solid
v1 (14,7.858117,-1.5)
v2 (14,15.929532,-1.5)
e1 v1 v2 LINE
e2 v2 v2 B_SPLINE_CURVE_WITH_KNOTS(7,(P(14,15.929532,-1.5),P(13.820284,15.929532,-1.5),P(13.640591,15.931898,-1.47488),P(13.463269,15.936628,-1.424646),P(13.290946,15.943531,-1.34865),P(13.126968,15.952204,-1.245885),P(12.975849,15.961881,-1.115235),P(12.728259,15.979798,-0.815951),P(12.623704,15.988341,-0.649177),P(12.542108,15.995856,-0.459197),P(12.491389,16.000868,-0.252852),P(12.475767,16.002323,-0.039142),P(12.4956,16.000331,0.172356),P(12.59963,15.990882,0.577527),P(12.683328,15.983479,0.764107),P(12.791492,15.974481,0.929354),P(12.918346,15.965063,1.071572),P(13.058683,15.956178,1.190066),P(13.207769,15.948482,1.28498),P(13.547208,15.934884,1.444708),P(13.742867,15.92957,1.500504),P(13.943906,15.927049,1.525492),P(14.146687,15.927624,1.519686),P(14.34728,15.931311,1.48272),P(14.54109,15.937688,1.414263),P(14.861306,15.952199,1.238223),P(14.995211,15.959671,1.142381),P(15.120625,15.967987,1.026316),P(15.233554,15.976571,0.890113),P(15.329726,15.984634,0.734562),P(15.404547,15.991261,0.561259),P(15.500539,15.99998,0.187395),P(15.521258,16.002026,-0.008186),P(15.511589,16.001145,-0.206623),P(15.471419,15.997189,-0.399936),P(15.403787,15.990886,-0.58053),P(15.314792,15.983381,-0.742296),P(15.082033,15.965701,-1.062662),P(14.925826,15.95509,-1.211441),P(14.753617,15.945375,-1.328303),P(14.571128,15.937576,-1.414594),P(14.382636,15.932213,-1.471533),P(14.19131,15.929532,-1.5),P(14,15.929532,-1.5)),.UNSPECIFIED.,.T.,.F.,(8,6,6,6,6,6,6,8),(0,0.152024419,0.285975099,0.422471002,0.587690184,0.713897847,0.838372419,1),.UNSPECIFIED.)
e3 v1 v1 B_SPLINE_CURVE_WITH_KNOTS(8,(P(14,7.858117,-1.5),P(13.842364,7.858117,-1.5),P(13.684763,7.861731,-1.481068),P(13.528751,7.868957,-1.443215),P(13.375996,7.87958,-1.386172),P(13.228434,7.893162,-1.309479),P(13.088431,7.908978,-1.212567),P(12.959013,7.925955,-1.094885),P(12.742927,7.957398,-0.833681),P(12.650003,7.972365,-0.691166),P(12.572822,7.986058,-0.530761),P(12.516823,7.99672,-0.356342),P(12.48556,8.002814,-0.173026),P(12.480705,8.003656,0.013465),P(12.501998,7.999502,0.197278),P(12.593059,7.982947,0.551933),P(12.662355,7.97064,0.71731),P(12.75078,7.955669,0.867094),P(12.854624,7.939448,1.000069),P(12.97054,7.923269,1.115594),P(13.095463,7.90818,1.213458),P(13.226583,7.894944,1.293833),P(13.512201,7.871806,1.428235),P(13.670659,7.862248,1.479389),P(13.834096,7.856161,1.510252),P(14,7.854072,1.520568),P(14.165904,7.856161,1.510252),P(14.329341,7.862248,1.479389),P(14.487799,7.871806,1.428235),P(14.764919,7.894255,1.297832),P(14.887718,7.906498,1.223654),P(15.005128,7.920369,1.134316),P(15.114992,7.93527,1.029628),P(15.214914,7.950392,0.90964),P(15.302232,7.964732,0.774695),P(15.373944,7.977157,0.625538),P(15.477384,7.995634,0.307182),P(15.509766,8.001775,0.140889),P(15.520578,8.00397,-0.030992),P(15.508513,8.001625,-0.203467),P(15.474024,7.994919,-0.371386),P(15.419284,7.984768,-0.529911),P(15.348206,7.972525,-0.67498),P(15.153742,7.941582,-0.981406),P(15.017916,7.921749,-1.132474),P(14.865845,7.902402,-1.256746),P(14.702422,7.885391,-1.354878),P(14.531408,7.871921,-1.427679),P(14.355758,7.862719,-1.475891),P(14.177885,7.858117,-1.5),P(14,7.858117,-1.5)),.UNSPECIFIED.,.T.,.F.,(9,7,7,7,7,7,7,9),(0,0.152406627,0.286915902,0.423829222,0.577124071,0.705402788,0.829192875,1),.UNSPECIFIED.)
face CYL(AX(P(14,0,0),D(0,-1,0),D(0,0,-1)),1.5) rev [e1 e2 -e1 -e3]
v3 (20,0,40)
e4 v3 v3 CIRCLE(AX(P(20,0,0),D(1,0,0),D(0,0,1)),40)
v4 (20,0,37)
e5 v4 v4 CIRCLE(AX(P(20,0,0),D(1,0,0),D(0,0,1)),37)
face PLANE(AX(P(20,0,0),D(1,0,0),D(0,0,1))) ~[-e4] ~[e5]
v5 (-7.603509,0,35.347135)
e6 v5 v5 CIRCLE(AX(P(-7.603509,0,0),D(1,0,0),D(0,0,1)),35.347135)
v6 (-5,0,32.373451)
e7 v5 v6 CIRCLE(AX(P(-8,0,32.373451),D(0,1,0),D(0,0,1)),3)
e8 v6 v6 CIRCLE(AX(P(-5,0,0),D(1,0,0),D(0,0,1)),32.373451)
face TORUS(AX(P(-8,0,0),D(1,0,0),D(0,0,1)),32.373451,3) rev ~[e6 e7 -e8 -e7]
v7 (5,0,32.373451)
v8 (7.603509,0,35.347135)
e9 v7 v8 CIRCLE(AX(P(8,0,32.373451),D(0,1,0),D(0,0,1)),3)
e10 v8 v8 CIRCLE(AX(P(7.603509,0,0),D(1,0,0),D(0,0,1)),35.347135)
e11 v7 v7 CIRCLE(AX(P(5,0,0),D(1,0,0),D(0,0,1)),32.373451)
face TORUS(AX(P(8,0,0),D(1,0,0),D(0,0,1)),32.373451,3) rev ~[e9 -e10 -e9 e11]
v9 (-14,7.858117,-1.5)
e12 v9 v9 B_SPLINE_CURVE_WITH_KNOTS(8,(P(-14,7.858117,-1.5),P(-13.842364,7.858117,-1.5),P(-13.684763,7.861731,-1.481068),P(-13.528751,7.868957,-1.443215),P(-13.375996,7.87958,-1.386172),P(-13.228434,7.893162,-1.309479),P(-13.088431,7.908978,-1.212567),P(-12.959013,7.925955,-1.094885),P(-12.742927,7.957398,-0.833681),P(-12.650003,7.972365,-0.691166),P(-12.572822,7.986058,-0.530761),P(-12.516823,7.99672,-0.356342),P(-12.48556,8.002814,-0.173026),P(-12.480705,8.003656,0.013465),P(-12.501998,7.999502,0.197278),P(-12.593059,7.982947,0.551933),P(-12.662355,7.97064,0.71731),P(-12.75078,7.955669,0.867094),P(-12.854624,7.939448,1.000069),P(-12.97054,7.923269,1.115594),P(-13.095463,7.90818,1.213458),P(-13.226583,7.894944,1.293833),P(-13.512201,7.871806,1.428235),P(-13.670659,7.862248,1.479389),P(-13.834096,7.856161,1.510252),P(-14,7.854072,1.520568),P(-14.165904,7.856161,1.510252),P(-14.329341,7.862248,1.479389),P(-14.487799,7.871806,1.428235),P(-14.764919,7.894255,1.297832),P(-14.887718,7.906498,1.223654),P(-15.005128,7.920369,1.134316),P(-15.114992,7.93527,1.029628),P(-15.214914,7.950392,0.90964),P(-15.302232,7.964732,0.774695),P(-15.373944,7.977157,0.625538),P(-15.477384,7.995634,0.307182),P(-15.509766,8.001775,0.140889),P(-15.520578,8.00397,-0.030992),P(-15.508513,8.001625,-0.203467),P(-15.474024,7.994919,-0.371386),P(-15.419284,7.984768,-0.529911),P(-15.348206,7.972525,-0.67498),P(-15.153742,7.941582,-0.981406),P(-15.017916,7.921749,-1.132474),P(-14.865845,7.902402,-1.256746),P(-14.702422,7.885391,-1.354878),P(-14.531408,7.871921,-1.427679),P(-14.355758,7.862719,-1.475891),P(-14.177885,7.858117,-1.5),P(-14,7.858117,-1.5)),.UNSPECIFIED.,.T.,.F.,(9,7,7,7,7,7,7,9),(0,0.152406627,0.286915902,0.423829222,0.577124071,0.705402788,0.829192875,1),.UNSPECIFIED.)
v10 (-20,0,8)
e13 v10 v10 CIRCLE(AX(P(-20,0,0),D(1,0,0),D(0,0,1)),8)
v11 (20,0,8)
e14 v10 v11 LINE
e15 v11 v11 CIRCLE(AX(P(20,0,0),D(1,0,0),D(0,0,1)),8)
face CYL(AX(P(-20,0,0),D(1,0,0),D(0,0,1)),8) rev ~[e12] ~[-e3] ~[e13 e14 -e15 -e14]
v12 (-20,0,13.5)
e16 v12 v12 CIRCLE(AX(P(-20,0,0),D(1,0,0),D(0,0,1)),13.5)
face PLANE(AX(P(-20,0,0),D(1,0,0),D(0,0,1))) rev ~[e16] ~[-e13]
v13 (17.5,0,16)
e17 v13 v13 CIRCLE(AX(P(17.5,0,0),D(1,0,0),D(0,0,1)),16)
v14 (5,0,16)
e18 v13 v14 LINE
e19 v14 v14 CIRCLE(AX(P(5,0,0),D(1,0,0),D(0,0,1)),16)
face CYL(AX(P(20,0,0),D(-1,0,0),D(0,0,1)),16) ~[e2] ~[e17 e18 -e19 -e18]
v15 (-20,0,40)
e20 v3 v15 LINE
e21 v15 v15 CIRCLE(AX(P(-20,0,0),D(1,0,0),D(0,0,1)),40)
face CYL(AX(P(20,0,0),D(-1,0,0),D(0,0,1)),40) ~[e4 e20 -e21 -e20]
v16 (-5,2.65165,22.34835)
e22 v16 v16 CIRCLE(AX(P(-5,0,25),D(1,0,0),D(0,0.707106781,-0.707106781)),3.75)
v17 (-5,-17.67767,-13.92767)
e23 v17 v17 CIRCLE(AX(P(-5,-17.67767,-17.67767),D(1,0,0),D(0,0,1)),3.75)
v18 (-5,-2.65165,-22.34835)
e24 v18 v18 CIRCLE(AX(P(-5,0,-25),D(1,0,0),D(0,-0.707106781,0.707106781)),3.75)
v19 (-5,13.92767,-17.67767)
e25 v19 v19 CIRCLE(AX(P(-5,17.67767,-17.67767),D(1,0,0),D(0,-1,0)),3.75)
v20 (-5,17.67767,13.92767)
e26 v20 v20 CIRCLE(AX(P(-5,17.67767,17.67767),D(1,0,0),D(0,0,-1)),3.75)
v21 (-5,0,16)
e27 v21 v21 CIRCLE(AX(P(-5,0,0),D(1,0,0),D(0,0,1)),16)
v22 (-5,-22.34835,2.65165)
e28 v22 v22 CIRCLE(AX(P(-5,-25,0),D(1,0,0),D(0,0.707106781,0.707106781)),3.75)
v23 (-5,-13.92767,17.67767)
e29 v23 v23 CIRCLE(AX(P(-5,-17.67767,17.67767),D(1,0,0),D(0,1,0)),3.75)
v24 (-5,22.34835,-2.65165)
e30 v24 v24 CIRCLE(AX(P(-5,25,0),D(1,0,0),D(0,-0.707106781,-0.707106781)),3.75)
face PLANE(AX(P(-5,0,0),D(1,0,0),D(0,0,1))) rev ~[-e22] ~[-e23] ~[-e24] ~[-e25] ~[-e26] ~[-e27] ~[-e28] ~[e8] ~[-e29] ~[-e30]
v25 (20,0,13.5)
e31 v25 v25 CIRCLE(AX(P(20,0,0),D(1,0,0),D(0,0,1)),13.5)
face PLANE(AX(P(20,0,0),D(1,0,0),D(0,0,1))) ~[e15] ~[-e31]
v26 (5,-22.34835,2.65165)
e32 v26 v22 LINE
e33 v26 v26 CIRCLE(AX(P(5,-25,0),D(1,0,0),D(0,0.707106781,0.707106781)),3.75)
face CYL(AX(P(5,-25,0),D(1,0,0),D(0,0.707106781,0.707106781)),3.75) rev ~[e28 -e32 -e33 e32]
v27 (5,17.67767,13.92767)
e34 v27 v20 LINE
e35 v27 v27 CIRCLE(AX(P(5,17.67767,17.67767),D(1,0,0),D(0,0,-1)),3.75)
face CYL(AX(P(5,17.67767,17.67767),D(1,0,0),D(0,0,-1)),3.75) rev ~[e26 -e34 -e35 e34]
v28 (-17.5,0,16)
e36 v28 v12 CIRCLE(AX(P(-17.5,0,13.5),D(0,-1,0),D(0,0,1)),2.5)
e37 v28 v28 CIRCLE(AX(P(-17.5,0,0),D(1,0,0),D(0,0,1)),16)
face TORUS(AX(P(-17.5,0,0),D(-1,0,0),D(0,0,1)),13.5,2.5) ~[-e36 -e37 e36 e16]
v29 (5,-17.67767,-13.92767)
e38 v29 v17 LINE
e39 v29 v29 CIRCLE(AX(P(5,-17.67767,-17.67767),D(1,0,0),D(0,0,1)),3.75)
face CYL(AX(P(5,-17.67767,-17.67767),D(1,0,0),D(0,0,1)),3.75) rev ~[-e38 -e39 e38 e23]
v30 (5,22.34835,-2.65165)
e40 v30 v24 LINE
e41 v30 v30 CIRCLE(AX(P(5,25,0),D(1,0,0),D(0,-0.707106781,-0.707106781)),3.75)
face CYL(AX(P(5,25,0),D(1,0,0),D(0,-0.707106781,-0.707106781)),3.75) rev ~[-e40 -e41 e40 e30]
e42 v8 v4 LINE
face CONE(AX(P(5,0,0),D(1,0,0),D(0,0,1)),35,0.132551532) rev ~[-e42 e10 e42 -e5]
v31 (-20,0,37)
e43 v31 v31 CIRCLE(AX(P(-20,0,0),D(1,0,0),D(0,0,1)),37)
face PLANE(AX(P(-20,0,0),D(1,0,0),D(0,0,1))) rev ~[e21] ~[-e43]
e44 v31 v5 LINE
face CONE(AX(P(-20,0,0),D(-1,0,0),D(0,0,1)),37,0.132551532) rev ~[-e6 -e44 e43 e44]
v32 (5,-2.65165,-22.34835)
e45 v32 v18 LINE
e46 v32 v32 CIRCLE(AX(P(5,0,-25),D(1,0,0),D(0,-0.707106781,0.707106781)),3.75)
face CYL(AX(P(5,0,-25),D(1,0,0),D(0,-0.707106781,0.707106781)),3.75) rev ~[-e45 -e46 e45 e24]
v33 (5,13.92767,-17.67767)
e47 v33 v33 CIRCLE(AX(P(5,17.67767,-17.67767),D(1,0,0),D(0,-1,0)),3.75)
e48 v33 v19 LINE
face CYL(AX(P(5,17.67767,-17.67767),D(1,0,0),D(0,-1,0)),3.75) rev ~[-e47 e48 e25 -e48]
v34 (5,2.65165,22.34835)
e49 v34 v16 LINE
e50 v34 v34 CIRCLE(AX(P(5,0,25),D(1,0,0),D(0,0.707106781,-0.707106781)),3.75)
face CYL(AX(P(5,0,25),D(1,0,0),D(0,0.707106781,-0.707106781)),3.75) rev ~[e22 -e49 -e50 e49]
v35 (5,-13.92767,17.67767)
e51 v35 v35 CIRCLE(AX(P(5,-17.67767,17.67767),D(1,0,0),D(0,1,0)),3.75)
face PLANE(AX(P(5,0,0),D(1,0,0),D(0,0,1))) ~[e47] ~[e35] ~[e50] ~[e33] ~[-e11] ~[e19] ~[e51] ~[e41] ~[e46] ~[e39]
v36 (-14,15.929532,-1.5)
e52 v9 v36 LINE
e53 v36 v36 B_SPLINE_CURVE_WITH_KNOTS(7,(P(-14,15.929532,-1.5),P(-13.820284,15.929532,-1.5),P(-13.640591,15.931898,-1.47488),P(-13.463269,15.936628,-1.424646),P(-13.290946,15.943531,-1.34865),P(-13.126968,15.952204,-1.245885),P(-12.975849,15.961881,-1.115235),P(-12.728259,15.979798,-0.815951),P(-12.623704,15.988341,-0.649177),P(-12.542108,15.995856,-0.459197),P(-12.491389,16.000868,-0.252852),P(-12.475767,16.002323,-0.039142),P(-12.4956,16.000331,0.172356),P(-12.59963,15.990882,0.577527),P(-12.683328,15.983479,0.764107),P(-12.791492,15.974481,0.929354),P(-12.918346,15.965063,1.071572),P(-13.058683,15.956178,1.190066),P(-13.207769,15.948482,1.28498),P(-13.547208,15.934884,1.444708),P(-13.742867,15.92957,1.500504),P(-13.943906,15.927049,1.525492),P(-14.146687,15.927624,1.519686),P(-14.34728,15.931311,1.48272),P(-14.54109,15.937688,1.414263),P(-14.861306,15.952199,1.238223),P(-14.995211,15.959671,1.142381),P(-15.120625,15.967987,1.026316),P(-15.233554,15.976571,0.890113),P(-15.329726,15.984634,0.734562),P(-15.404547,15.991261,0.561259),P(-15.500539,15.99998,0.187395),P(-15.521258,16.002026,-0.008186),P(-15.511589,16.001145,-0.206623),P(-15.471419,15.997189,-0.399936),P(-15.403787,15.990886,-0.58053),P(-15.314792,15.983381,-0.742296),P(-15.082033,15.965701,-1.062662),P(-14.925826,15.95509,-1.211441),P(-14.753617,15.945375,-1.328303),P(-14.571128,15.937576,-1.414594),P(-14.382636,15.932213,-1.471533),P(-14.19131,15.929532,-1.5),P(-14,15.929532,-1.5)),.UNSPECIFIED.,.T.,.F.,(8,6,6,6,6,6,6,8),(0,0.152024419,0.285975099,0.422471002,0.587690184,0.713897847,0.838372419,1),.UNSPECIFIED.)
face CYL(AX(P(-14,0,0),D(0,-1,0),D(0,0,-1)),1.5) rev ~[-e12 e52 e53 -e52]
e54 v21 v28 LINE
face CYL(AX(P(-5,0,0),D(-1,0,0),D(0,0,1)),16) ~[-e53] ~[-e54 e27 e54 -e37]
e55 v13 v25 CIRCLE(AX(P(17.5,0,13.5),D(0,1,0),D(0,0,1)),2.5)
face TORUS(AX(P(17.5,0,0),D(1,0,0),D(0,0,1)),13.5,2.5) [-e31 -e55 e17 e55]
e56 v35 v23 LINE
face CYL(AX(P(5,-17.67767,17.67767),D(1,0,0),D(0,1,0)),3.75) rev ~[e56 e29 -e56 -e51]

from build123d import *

# Parameters (mm, degrees)
FILLET1_R               = 3
CUT_EXTRUDE1_REACH      = 62
CUT_EXTRUDE1_END_RADIUS = 16
SKETCH4_R               = 1.5
SKETCH5_R               = 3.75
CUT_EXTRUDE2_DEPTH      = 62.846584425
CIRPATTERN1_COUNT       = 8
FILLET3_R               = 2.5


with BuildPart() as part:
    # Sketch2 → Base-Revolve (revolve)
    with BuildSketch(Plane.XY, mode=Mode.PRIVATE) as base_revolve_sk:
        Polygon((20, 40), (-20, 40), (-20, 37), (-5, 35), (-5, 16), (-20, 16), (-20, 8), (20, 8), (20, 16), (5, 16), (5, 35), (20, 37), align=None)
    revolve(base_revolve_sk.sketch.rotate(Axis((-102.775053376, 0, 0), (1, 0, 0)), 90), axis=Axis((-102.775053376, 0, 0), (1, 0, 0)))

    # Fillet1
    fillet1_edges = [part.edges().sort_by_distance(p)[0] for p in [
        (5, 0, -35),
        (-5, 0, -35),
    ]]
    fillet(fillet1_edges, radius=FILLET1_R)

    # Cut-Extrude1: up to this cylinder (the profile starts inside it)
    cut_extrude1_end = Plane(origin=(14, 0, 0), z_dir=(-1, 0, 0)) * Cylinder(CUT_EXTRUDE1_END_RADIUS, 157, mode=Mode.PRIVATE)
    # Sketch4 → Cut-Extrude1 (cut, up to the surface)
    with BuildSketch(Plane(origin=(0, 0, 0), x_dir=(1, 0, 0), z_dir=(0, 1, 0)), mode=Mode.PRIVATE) as cut_extrude1_sk1:
        with Locations(Location((14, 0, 0), (0, 0, 90))):
            Circle(SKETCH4_R)
    cut_extrude1_tool1 = extrude(cut_extrude1_sk1.sketch, amount=CUT_EXTRUDE1_REACH, mode=Mode.PRIVATE) & cut_extrude1_end
    cut_extrude1 = cut_extrude1_tool1.solids().sort_by_distance((14, 0, 0))[0]
    add(cut_extrude1, mode=Mode.SUBTRACT)

    # Mirror1: Cut-Extrude1 across plane
    add(cut_extrude1.mirror(Plane(origin=(0, 0, 0), x_dir=(0, 0, 1), z_dir=(1, 0, 0))), mode=Mode.SUBTRACT)

    # Sketch5 → Cut-Extrude2 (cut, through all)
    with BuildSketch(Plane(origin=(5, 0, 0), x_dir=(0, 0, -1), z_dir=(1, 0, 0))):
        with Locations((-17.67766953, 17.67766953)):
            Circle(SKETCH5_R)
    cut_extrude2 = extrude(amount=-CUT_EXTRUDE2_DEPTH, mode=Mode.SUBTRACT)

    # CirPattern1: Cut-Extrude2 ×8 about axis
    cirpattern1_axis = Axis((0, 0, 0), (1, 0, 0))
    for i in range(1, CIRPATTERN1_COUNT):
        add(cut_extrude2.rotate(cirpattern1_axis, i * 360 / CIRPATTERN1_COUNT), mode=Mode.SUBTRACT)

    # Fillet3
    fillet3_edges = [part.edges().sort_by_distance(p)[0] for p in [
        (20, 0, -16),
        (-20, 0, -16),
    ]]
    fillet(fillet3_edges, radius=FILLET3_R)


solid = part.part
